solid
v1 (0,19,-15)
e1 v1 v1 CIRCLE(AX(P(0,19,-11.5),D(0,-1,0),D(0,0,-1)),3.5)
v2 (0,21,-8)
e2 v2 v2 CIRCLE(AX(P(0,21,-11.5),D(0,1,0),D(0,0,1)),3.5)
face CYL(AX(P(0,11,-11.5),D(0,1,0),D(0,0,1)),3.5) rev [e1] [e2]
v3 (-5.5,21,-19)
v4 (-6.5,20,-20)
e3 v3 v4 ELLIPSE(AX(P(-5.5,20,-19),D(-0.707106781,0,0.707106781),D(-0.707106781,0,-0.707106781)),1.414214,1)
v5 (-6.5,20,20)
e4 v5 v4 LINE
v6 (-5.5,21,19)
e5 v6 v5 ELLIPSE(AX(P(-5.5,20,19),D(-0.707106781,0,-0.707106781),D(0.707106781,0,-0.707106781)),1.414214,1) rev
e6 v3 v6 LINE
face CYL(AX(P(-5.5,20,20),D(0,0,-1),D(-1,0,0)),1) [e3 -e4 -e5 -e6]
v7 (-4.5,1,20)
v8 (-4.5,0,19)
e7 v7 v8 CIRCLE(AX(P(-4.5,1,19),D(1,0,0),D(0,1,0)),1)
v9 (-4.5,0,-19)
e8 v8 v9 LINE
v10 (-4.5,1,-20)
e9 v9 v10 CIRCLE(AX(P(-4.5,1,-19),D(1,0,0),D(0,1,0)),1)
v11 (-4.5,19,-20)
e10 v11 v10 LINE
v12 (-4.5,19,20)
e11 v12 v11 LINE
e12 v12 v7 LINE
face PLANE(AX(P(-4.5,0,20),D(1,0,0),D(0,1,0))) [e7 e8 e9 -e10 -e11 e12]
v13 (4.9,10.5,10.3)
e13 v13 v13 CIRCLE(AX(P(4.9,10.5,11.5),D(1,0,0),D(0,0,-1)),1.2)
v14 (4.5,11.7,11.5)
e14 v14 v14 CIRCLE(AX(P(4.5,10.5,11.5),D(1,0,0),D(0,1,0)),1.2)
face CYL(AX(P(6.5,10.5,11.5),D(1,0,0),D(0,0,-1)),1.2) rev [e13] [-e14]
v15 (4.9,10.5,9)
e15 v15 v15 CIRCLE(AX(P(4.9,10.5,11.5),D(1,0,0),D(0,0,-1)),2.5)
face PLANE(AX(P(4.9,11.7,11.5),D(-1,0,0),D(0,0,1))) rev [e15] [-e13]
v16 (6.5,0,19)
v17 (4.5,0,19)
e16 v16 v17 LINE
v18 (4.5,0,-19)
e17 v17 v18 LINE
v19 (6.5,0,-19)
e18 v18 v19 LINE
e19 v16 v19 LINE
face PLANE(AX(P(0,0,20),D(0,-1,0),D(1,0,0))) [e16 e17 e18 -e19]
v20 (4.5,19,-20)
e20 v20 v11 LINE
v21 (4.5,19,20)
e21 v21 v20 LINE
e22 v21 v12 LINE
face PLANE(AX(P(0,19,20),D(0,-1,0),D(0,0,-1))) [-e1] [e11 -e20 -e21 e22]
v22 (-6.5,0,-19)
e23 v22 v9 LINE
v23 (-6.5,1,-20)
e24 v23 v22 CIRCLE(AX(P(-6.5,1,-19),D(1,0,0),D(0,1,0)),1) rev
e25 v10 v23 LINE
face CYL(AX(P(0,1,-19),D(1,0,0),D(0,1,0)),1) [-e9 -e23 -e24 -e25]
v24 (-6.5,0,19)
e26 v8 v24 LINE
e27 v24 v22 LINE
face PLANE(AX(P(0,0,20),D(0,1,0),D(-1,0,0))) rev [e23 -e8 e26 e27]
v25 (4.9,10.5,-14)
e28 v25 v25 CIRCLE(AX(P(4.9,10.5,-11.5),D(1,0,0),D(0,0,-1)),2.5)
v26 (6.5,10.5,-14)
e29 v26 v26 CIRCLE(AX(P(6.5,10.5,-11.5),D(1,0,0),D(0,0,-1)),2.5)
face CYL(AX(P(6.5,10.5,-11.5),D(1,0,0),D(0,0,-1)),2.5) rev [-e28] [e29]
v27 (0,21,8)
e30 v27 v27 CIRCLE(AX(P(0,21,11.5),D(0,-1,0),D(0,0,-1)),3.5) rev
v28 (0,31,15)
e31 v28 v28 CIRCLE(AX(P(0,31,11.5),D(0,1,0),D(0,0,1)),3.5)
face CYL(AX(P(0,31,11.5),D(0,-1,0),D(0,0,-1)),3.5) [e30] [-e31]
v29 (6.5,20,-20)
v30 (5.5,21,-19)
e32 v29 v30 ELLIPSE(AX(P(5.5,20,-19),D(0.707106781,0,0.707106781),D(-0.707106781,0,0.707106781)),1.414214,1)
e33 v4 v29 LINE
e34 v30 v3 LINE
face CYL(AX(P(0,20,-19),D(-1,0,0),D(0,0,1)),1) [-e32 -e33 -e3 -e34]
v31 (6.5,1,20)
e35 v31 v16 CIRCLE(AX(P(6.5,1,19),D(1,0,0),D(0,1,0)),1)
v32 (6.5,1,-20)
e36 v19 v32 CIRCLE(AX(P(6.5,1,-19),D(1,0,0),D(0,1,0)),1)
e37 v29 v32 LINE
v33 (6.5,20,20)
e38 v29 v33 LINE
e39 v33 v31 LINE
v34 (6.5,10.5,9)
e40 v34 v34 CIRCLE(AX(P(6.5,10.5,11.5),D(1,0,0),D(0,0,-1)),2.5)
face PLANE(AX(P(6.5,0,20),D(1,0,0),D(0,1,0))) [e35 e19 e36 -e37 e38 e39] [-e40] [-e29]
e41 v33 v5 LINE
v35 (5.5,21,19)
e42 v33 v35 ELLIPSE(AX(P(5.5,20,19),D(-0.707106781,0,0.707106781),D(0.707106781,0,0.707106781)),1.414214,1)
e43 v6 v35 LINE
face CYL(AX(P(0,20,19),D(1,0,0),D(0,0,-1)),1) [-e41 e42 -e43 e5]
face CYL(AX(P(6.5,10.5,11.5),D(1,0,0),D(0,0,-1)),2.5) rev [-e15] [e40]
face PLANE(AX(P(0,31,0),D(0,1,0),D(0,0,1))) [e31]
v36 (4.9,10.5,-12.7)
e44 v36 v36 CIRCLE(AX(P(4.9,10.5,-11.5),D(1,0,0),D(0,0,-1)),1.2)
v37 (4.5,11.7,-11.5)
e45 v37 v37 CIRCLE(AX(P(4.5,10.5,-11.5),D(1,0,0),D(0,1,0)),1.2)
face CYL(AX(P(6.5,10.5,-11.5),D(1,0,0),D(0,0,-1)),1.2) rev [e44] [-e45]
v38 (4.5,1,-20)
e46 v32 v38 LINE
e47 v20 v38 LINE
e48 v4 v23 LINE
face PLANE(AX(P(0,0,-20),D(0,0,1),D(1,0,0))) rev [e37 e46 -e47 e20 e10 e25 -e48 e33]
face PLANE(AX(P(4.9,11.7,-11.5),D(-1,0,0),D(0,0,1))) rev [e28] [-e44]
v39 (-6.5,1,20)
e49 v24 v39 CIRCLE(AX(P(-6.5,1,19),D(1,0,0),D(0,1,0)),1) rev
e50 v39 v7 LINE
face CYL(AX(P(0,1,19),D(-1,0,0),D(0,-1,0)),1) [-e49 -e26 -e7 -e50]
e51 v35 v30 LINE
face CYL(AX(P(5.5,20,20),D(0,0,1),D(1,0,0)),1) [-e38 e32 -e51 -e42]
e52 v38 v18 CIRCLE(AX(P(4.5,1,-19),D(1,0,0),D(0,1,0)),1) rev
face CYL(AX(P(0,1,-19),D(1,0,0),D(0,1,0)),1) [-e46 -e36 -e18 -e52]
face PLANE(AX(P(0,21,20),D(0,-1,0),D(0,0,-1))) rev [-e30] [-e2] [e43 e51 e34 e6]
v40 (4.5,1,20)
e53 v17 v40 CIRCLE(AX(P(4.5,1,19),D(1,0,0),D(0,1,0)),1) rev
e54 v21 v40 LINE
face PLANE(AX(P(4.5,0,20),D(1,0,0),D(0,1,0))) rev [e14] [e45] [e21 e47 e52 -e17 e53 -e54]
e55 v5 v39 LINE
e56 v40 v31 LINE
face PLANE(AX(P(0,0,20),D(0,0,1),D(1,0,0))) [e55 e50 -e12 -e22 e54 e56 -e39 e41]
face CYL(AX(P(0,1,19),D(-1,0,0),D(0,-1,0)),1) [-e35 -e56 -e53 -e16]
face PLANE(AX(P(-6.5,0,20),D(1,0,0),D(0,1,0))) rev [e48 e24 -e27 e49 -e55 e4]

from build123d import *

# Parameters (mm, degrees)
BOSS_EXTRUDE1_DEPTH                              = 20
CBORE_FOR_M2_PAN_HEAD_MACHINE_SCREW1_D           = 2.4
CBORE_FOR_M2_PAN_HEAD_MACHINE_SCREW1_DEPTH       = 2
CBORE_FOR_M2_PAN_HEAD_MACHINE_SCREW1_CBORE_D     = 5
CBORE_FOR_M2_PAN_HEAD_MACHINE_SCREW1_CBORE_DEPTH = 1.6
FILLET1_R                                        = 1
SKETCH4_4_R                                      = 3.5
BOSS_EXTRUDE3_DEPTH                              = 10
SKETCH4_5_R                                      = 3.5
CUT_EXTRUDE2_DEPTH                               = 10


with BuildPart() as part:
    # Sketch1 → Boss-Extrude1 (new, symmetric)
    with BuildSketch(Plane.XY):
        Polygon((-6.5, 21), (-6.5, 0), (-4.5, 0), (-4.5, 19), (0, 19), (0, 21), align=None)
        Polygon((0, 19), (4.5, 19), (4.5, 0), (6.5, 0), (6.5, 21), (0, 21), align=None)
    extrude(amount=BOSS_EXTRUDE1_DEPTH, both=True)

    # CBORE for M2 Pan Head Machine Screw1
    with Locations(Plane(origin=(6.5, 0, 0), x_dir=(0, 0, -1), z_dir=(1, 0, 0))):
        with Locations((-11.5, 10.5), (11.5, 10.5)):
            CounterBoreHole(CBORE_FOR_M2_PAN_HEAD_MACHINE_SCREW1_D / 2, CBORE_FOR_M2_PAN_HEAD_MACHINE_SCREW1_CBORE_D / 2, CBORE_FOR_M2_PAN_HEAD_MACHINE_SCREW1_CBORE_DEPTH, depth=CBORE_FOR_M2_PAN_HEAD_MACHINE_SCREW1_DEPTH)

    # Fillet1
    fillet1_edges = [part.edges().sort_by_distance(p)[0] for p in [
        (-5.5, 0, 20),
        (0, 21, -20),
        (5.5, 0, -20),
        (-5.5, 0, -20),
        (-6.5, 21, 0),
        (6.5, 21, 0),
        (5.5, 0, 20),
        (0, 21, 20),
    ]]
    fillet(fillet1_edges, radius=FILLET1_R)

    # Sketch4<4> → Boss-Extrude3 (add)
    with BuildSketch(Plane(origin=(0, 21, 0), x_dir=(1, 0, 0), z_dir=(0, 1, 0))):
        with Locations(Location((0, -11.5, 0), (0, 0, 90))):
            Circle(SKETCH4_4_R)
    extrude(amount=BOSS_EXTRUDE3_DEPTH)

    # Sketch4<5> → Cut-Extrude2 (cut)
    with BuildSketch(Plane(origin=(0, 21, 0), x_dir=(1, 0, 0), z_dir=(0, 1, 0))):
        with Locations(Location((0, 11.5, 0), (0, 0, 270))):
            Circle(SKETCH4_5_R)
    extrude(amount=-CUT_EXTRUDE2_DEPTH, mode=Mode.SUBTRACT)


solid = part.part
